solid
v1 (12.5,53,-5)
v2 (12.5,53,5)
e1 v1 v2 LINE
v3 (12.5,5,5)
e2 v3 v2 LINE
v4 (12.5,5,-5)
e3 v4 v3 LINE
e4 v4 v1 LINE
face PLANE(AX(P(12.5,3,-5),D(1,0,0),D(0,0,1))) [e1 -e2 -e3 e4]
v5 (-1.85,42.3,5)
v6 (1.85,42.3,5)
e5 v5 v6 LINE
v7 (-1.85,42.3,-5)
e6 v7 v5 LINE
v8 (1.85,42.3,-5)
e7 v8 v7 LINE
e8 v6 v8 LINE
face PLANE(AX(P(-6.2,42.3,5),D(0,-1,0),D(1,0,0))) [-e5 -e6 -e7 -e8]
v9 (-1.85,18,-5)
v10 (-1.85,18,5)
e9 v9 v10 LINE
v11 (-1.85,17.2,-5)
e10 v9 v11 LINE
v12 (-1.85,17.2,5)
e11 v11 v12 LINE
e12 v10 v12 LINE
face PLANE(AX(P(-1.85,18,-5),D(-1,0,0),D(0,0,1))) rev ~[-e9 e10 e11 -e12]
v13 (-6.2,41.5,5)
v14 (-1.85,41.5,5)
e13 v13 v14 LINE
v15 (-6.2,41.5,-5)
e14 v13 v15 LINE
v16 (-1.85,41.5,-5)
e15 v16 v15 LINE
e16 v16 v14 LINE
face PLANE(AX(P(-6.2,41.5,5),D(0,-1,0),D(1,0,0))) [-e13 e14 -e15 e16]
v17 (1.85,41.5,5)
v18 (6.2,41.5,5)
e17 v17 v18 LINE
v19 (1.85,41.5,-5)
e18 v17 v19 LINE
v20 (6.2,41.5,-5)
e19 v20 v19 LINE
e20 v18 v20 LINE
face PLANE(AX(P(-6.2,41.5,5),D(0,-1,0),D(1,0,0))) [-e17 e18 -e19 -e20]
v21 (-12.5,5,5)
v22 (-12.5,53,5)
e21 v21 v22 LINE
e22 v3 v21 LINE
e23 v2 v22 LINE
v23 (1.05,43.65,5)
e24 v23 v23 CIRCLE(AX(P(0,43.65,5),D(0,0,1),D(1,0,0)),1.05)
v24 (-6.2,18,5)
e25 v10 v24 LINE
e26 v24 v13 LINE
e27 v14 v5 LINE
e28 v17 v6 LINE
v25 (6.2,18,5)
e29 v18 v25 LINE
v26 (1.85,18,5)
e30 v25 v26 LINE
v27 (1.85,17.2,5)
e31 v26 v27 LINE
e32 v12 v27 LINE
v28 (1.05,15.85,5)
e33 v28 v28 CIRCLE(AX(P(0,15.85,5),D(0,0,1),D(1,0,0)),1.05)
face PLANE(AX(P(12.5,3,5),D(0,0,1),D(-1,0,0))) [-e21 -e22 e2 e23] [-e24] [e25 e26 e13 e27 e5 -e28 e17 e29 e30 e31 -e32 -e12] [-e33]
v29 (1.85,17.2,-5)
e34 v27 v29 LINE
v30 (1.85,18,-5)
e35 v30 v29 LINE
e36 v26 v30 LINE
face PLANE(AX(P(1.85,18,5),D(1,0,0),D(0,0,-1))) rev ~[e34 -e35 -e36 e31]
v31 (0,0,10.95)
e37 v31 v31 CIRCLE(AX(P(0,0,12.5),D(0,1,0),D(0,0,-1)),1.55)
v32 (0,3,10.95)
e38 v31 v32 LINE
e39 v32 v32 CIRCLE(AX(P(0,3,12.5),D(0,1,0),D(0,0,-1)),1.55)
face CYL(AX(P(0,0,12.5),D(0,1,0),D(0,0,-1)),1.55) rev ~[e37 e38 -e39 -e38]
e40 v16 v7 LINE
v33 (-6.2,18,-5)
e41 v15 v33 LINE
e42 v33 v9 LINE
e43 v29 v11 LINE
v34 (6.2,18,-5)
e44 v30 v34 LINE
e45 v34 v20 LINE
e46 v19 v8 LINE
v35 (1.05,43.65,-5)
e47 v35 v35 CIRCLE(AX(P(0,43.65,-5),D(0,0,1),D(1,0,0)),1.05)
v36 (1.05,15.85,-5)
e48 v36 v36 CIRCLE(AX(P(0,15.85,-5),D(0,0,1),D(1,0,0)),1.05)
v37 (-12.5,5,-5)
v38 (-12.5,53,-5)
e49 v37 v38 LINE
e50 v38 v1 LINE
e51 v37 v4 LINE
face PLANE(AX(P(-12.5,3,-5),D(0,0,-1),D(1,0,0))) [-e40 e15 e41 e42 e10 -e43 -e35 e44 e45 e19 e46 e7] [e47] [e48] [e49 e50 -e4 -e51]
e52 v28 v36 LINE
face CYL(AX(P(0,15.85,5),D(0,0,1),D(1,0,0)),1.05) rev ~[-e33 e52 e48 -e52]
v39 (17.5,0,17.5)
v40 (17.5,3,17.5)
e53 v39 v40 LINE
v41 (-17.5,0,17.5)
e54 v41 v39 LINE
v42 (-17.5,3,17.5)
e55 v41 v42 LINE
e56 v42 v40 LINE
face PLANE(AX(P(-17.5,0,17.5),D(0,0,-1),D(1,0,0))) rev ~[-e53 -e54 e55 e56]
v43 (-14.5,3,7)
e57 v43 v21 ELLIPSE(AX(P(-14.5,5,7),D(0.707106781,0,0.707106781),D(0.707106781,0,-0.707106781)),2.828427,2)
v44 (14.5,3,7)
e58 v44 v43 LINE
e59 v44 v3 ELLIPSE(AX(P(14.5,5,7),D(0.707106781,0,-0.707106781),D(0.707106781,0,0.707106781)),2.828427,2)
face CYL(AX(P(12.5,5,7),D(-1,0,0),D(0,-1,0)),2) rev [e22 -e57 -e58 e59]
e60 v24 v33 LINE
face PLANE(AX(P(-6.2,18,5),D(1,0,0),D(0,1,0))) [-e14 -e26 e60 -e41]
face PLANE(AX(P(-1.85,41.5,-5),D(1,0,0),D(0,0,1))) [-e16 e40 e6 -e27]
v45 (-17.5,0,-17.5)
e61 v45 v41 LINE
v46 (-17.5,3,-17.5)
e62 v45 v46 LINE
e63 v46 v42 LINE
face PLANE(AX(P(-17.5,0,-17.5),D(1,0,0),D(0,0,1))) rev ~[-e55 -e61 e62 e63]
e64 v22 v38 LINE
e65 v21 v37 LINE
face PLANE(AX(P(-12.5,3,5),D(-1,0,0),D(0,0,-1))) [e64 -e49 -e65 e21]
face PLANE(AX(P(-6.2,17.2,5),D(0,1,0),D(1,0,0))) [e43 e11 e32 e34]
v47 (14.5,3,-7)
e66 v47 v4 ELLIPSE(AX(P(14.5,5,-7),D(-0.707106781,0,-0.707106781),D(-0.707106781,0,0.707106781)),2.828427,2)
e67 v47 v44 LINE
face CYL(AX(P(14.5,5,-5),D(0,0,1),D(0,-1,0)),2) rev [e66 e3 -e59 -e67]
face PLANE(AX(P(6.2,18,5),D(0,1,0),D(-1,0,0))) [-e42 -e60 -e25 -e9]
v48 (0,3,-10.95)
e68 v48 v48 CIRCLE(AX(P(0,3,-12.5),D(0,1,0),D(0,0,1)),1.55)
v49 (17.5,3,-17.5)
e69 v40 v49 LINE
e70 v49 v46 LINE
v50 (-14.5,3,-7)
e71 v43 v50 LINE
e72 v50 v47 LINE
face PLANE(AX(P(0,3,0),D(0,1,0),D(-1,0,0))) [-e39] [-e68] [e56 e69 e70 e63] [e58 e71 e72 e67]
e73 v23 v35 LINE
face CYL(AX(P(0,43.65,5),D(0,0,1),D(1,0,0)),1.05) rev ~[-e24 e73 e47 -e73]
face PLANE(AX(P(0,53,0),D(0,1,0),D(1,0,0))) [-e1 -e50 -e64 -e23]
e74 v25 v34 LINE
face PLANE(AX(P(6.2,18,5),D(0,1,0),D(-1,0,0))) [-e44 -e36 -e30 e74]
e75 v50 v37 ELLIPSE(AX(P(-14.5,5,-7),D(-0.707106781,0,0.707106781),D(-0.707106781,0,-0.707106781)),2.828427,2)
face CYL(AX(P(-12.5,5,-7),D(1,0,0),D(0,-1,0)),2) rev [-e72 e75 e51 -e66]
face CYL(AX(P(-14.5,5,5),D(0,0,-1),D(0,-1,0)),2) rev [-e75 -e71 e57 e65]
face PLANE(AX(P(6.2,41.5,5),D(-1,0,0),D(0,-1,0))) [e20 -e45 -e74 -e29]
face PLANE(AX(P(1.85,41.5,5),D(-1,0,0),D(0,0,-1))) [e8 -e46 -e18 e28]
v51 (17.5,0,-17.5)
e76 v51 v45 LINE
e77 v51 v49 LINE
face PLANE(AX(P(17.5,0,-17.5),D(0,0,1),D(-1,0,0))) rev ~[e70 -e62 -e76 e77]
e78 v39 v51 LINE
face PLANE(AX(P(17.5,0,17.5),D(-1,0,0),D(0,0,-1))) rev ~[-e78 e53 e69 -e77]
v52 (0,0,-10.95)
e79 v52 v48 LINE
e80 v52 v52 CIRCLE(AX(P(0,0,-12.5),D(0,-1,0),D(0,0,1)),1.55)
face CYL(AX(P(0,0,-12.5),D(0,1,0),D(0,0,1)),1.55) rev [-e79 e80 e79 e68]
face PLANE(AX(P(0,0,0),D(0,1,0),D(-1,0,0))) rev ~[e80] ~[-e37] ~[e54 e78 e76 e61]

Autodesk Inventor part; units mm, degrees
ref_plane "YZ Plane" through (0, 0, 0) normal (1, 0, 0) x (0, 1, 0)
ref_plane "XZ Plane" through (0, 0, 0) normal (0, 1, 0) x (-1, 0, 0)
ref_plane "XY Plane" through (0, 0, 0) normal (0, 0, 1) x (1, 0, 0)
sketch "Sketch1" plane through (0, 0, 0) normal (0, 1, 0) x (-1, 0, 0)
  line L0 (-17.5, -17.5) -> (17.5, -17.5)
  line L1 (17.5, -17.5) -> (17.5, 17.5)
  line L2 (17.5, 17.5) -> (-17.5, 17.5)
  line L3 (-17.5, 17.5) -> (-17.5, -17.5)
  line L4 (-17.5, -17.5) -> (17.5, 17.5) construction
  line L5 (17.5, -17.5) -> (-17.5, 17.5) construction
  point P0 (0, 0)
  dimension "d0" = 35
  dimension "d1" = 35
extrude "Extrusion1" add sketch "Sketch1" along normal blind 3
sketch "Sketch2" plane through (0, 3, 0) normal (0, 1, 0) x (1, 0, 0)
  line L0 (-12.5, 5) -> (12.5, 5)
  line L1 (12.5, 5) -> (12.5, -5)
  line L2 (12.5, -5) -> (-12.5, -5)
  line L3 (-12.5, -5) -> (-12.5, 5)
  line L4 (-12.5, 5) -> (12.5, -5) construction
  line L5 (12.5, 5) -> (-12.5, -5) construction
  point P0 (0, 0)
  dimension "d4" = 25
  dimension "d5" = 10
extrude "Extrusion2" add sketch "Sketch2" along normal blind 50
sketch "Sketch3" plane through (-12.5, 3, 5) normal (0, 0, 1) x (1, 0, 0)
  line L0 (6.3, 38.5) -> (18.7, 38.5)
  line L1 (18.7, 38.5) -> (18.7, 15)
  line L2 (18.7, 15) -> (6.3, 15)
  line L3 (6.3, 15) -> (6.3, 38.5)
  line L4 (6.3, 38.5) -> (18.7, 15) construction
  line L5 (18.7, 38.5) -> (6.3, 15) construction
  line L6 (-5, 0) -> (30, 0) projected
  line L7 (0, 50) -> (25, 50) projected
  point P0 (12.5, -3)
  point P1 (12.5, 26.75)
  point P2 (12.5, 38.5)
  point P3 (12.5, 50)
  dimension "d8" = 12.4
  dimension "d9" = 23.5
  dimension "d10" = 15
fillet "Fillet1" radius 2 4 edges at (-12.5, 3, 0) (12.5, 3, 0) (0, 3, 5) (0, 3, -5)
extrude "Extrusion4" cut sketch "Sketch3" against normal through all
sketch "Sketch5" plane through (-12.5, 53, 5) normal (0, 0, 1) x (1, 0, 0)
  circle A0 centre (12.5, -9.35) radius 1.05
  line L0 (6.3, -11.5) -> (18.7, -11.5) projected
  line L1 (18.7, -11.5) -> (18.7, -35) construction
  line L2 (18.7, -23.25) -> (6.3, -23.25) construction
  circle A1 centre (12.5, -37.15) radius 1.05
  point P0 (12.5, -53)
  point P1 (12.5, -11.5)
  point P2 (12.5, -11.5)
  dimension "d18" = 2.1
  dimension "d19" = 2.15
extrude "Extrusion5" cut sketch "Sketch5" against normal blind 10
sketch "Sketch6" plane through (-6.2, 41.5, 5) normal (0, -1, 0) x (1, 0, 0)
  line L0 (12.4, 0) -> (12.4, -10) projected
  line L1 (0, 0) -> (0, -10) projected
  line L2 (0, 0) -> (12.4, 0) projected
  line L3 (12.4, -10) -> (0, -10) projected
  line L4 (8.05, -10) -> (4.35, -10)
  line L5 (4.35, -10) -> (4.35, 0)
  line L6 (4.35, 0) -> (8.05, 0)
  line L7 (8.05, 0) -> (8.05, -10)
  line L8 (8.05, -10) -> (4.35, 0) construction
  line L9 (4.35, -10) -> (8.05, 0) construction
  point P0 (6.2, -5)
  point P1 (6.2, -5)
  point P2 (6.2, -10)
  point P3 (6.2, -10)
  point P4 (8.05, -5)
  point P5 (12.4, -5)
  point P6 (8.05, 0)
  point P7 (4.35, 0)
  point P8 (4.35, -10)
  dimension "d22" = 3.7
  dimension "d23" = 10
extrude "Extrusion6" cut sketch "Sketch6" against normal blind 0.8 contours L7 L3 L5 L2
sketch "Sketch8" plane through (0, 0, 0) normal (0, -1, 0) x (1, 0, 0)
  line L0 (-17.5, 17.5) -> (17.5, 17.5) projected
  point P0 (0, 0)
  point P1 (0, 12.5)
  dimension "d41" = 5
hole "Hole2" at (0, 0, 12.5) direction (0, 1, 0) diameter 3.1 end through all
mirror "Mirror3" about plane through (0, 0, 0) normal (0, 0, 1) of "Hole2"
sketch "Sketch9" plane through (-6.2, 18, 5) normal (0, 1, 0) x (1, 0, 0)
  line L0 (4.35, 10) -> (4.35, 0) projected
  line L1 (8.05, 0) -> (8.05, 10) projected
  line L2 (4.35, 0) -> (8.05, 0) projected
  line L3 (8.05, 10) -> (4.35, 10) projected
  point P0 (6.2, 5)
extrude "Extrusion7" cut sketch "Sketch9" against normal blind 0.8
properties part number "base de motor"
